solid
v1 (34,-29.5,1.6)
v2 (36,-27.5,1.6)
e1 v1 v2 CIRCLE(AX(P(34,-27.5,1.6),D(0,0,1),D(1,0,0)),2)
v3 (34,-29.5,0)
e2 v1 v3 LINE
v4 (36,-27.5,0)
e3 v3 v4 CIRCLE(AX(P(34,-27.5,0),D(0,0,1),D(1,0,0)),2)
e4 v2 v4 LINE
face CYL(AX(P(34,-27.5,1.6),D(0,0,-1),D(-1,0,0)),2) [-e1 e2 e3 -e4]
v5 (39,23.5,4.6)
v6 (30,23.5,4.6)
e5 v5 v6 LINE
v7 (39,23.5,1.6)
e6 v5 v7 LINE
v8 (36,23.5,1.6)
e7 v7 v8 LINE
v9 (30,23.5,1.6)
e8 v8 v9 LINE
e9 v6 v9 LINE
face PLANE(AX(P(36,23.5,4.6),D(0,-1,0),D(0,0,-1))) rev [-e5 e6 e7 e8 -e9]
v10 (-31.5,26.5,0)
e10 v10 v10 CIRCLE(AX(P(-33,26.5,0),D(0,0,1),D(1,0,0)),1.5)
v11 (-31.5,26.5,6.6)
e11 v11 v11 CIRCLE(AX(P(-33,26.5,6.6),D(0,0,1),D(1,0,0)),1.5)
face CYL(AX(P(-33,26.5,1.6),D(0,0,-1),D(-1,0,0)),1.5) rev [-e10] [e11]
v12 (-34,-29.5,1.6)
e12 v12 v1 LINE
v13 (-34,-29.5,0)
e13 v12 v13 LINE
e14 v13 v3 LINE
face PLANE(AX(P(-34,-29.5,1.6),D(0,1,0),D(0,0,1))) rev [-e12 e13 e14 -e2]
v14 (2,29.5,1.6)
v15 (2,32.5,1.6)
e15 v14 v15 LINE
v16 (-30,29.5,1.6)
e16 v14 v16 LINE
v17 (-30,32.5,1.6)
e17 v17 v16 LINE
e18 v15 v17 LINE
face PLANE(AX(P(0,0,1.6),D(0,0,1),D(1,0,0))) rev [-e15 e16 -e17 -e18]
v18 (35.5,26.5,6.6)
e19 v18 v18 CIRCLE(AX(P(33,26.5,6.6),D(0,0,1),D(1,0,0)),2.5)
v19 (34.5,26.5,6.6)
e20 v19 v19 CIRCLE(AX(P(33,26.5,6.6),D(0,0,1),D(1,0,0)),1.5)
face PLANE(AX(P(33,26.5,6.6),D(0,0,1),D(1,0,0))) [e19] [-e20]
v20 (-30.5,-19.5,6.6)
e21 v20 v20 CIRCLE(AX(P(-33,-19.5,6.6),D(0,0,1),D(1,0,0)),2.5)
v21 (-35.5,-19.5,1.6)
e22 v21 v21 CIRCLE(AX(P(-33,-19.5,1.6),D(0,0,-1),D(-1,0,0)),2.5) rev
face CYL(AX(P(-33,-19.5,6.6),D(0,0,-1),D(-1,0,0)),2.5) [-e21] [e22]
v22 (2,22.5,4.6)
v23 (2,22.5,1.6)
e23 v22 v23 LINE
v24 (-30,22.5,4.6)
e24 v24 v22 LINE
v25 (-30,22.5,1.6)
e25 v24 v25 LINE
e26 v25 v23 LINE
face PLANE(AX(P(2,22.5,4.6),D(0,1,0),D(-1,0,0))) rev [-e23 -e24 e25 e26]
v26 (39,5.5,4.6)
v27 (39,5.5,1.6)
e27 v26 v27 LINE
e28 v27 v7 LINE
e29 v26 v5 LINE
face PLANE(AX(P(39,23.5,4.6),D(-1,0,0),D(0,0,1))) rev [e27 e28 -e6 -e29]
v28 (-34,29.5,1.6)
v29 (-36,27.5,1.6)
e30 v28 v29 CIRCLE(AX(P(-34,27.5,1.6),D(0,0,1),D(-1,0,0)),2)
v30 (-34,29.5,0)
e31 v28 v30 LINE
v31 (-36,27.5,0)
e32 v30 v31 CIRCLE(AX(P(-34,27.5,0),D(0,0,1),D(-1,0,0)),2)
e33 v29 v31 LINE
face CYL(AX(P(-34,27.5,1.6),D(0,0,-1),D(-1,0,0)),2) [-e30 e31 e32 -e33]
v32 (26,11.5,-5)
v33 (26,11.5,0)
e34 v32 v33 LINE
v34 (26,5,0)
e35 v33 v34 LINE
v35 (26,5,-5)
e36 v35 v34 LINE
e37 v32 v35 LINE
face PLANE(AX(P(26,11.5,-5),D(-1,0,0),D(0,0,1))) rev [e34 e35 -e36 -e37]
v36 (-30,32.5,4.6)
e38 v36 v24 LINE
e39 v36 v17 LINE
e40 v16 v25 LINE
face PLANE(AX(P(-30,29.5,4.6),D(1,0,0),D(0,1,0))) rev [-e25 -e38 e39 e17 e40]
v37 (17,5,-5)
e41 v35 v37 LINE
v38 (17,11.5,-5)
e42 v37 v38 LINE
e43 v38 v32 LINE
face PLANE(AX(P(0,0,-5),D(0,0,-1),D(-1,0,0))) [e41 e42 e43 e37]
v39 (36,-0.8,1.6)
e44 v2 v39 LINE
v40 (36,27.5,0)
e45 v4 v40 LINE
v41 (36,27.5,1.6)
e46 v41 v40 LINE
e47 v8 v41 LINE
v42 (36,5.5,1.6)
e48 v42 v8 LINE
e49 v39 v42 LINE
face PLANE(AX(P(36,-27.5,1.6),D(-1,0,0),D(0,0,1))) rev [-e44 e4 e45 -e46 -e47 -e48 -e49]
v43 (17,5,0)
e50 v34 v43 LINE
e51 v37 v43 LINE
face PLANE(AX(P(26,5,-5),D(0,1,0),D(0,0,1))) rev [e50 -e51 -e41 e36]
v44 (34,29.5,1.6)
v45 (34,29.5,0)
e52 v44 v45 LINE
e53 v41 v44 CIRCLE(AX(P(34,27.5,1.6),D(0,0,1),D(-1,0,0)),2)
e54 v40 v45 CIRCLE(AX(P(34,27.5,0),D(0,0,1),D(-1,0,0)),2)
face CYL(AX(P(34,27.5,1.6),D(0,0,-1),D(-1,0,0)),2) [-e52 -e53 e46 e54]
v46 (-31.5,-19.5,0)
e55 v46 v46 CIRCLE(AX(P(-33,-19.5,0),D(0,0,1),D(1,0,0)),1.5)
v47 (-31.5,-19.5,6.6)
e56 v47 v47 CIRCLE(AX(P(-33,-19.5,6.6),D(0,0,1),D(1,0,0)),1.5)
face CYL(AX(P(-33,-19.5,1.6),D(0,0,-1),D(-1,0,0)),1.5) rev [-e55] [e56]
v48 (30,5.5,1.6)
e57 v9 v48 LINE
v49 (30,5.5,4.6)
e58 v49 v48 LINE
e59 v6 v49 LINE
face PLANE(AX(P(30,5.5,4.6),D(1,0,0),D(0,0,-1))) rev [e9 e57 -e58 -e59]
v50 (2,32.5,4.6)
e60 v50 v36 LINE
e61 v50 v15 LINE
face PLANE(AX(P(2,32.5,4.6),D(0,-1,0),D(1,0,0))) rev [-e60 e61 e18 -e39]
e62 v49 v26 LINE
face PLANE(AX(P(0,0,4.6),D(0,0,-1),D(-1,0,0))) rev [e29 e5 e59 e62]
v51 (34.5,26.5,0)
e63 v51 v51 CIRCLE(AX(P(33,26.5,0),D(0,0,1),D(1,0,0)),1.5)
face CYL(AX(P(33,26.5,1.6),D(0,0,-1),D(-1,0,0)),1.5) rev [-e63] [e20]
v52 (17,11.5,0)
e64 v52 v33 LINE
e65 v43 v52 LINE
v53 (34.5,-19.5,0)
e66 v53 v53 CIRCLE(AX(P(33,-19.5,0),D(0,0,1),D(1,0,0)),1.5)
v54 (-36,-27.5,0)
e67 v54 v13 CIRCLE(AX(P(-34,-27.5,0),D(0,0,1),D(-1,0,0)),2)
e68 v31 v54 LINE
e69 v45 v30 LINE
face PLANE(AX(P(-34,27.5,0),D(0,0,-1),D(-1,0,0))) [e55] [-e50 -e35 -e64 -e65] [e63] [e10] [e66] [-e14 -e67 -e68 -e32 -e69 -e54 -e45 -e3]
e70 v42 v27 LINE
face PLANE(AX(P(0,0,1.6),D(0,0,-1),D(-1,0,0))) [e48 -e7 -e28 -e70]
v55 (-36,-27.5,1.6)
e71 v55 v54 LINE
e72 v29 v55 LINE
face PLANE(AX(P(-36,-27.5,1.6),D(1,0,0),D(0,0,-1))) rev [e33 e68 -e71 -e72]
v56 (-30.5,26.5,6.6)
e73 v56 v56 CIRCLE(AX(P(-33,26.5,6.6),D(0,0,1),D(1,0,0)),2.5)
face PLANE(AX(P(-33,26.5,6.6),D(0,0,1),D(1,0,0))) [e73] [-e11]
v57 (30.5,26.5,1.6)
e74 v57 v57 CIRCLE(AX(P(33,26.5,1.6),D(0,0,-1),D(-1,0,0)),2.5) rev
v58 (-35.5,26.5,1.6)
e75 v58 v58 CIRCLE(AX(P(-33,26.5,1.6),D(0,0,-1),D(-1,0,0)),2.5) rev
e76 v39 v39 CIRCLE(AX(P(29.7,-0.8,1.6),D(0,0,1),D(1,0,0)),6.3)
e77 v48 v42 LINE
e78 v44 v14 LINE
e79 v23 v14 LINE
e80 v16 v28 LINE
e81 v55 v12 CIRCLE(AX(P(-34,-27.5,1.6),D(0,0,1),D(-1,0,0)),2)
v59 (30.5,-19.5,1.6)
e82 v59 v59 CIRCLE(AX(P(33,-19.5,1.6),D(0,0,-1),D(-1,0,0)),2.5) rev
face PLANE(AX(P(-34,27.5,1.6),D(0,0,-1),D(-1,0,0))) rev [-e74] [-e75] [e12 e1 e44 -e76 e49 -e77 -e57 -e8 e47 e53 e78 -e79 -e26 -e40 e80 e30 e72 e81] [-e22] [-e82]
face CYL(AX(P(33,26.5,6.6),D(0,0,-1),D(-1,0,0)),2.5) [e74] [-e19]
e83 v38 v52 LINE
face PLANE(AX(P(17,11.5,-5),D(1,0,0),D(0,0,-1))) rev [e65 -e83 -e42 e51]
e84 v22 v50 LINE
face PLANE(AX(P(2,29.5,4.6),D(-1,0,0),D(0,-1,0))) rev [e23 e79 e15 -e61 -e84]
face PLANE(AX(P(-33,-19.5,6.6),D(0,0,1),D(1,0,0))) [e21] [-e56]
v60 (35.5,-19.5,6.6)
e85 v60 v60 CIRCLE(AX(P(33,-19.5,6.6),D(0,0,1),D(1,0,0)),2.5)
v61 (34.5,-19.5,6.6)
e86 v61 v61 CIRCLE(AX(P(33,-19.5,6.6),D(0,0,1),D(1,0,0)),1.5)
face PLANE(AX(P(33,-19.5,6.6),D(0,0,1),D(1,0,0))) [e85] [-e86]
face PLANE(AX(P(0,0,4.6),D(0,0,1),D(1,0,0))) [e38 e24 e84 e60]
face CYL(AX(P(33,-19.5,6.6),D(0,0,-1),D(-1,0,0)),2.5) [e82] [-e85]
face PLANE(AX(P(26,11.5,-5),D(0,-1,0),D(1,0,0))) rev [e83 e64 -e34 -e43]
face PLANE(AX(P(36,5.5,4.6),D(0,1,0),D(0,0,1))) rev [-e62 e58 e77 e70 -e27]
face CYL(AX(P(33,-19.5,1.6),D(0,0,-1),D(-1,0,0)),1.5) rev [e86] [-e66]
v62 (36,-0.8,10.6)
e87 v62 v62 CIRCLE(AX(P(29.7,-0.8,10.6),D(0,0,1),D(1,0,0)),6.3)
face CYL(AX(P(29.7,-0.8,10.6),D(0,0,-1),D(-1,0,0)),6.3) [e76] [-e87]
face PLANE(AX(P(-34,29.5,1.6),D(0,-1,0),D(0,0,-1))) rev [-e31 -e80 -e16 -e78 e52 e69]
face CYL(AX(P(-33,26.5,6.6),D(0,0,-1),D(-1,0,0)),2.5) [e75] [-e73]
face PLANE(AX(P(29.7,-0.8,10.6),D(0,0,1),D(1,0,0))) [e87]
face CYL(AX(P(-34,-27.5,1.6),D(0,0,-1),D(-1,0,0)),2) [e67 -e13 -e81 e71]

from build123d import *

# Parameters (mm, degrees)
SKETCH_1_R      = 1.5
EXTRUDE_1_DEPTH = 1.6
SKETCH_2_R      = 2.5
SKETCH_2_R_2    = 1.5
EXTRUDE_2_DEPTH = 5
SKETCH_3_R      = 6.3
EXTRUDE_3_DEPTH = 9
EXTRUDE_4_DEPTH = 3
SKETCH_5_W      = 9
SKETCH_5_H      = 6.5
EXTRUDE_5_DEPTH = 5


with BuildPart() as part:
    # 草图1 → 凸台-拉伸1 (new body)
    with BuildSketch(Plane.XY):
        with BuildLine():
            Line((-34, -29.5), (34, -29.5))
            ThreePointArc((34, -29.5), (35.414213562, -28.914213562), (36, -27.5))
            Line((36, -27.5), (36, 27.5))
            ThreePointArc((36, 27.5), (35.414213562, 28.914213562), (34, 29.5))
            Line((34, 29.5), (-34, 29.5))
            ThreePointArc((-34, 29.5), (-35.414213562, 28.914213562), (-36, 27.5))
            Line((-36, 27.5), (-36, -27.5))
            ThreePointArc((-36, -27.5), (-35.414213562, -28.914213562), (-34, -29.5))
        make_face()
        with Locations((-33, 26.5)):
            Circle(SKETCH_1_R, mode=Mode.SUBTRACT)
        with Locations((33, 26.5)):
            Circle(SKETCH_1_R, mode=Mode.SUBTRACT)
        with Locations((33, -19.5)):
            Circle(SKETCH_1_R, mode=Mode.SUBTRACT)
        with Locations((-33, -19.5)):
            Circle(SKETCH_1_R, mode=Mode.SUBTRACT)
    extrude(amount=EXTRUDE_1_DEPTH)

    # 草图2 → 凸台-拉伸2 (add)
    # profile 1 of 4: a face of its own
    with BuildSketch(Plane.XY.offset(1.6)):
        with Locations(Location((33, 26.5, 0), (0, 0, 180))):
            Circle(SKETCH_2_R)
        with Locations((33, 26.5)):
            Circle(SKETCH_2_R_2, mode=Mode.SUBTRACT)
    # profile 2 of 4: a face of its own
    with BuildSketch(Plane.XY.offset(1.6)):
        with Locations(Location((-33, 26.5, 0), (0, 0, 180))):
            Circle(SKETCH_2_R)
        with Locations((-33, 26.5)):
            Circle(SKETCH_2_R_2, mode=Mode.SUBTRACT)
    # profile 3 of 4: a face of its own
    with BuildSketch(Plane.XY.offset(1.6)):
        with Locations(Location((-33, -19.5, 0), (0, 0, 180))):
            Circle(SKETCH_2_R)
        with Locations((-33, -19.5)):
            Circle(SKETCH_2_R_2, mode=Mode.SUBTRACT)
    # profile 4 of 4: a face of its own
    with BuildSketch(Plane.XY.offset(1.6)):
        with Locations(Location((33, -19.5, 0), (0, 0, 180))):
            Circle(SKETCH_2_R)
        with Locations((33, -19.5)):
            Circle(SKETCH_2_R_2, mode=Mode.SUBTRACT)
    extrude(amount=EXTRUDE_2_DEPTH)

    # 草图3 → 凸台-拉伸3 (add)
    with BuildSketch(Plane.XY.offset(1.6)):
        with Locations((29.7, -0.8)):
            Circle(SKETCH_3_R)
    extrude(amount=EXTRUDE_3_DEPTH)

    # 草图4 → 凸台-拉伸4 (add)
    with BuildSketch(Plane.XY.offset(1.6)):
        Polygon((36, 5.5), (30, 5.5), (30, 23.5), (36, 23.5), (39, 23.5), (39, 5.5), align=None)
        Polygon((2, 29.5), (2, 22.5), (-30, 22.5), (-30, 29.5), (-30, 32.5), (2, 32.5), align=None)
    extrude(amount=EXTRUDE_4_DEPTH)

    # 草图5 → 凸台-拉伸5 (add)
    with BuildSketch(Plane(origin=(0, 0, 0), x_dir=(-1, 0, 0), z_dir=(0, 0, -1))):
        with Locations((-21.5, 8.25)):
            Rectangle(SKETCH_5_W, SKETCH_5_H)
    extrude(amount=EXTRUDE_5_DEPTH)


solid = part.part
